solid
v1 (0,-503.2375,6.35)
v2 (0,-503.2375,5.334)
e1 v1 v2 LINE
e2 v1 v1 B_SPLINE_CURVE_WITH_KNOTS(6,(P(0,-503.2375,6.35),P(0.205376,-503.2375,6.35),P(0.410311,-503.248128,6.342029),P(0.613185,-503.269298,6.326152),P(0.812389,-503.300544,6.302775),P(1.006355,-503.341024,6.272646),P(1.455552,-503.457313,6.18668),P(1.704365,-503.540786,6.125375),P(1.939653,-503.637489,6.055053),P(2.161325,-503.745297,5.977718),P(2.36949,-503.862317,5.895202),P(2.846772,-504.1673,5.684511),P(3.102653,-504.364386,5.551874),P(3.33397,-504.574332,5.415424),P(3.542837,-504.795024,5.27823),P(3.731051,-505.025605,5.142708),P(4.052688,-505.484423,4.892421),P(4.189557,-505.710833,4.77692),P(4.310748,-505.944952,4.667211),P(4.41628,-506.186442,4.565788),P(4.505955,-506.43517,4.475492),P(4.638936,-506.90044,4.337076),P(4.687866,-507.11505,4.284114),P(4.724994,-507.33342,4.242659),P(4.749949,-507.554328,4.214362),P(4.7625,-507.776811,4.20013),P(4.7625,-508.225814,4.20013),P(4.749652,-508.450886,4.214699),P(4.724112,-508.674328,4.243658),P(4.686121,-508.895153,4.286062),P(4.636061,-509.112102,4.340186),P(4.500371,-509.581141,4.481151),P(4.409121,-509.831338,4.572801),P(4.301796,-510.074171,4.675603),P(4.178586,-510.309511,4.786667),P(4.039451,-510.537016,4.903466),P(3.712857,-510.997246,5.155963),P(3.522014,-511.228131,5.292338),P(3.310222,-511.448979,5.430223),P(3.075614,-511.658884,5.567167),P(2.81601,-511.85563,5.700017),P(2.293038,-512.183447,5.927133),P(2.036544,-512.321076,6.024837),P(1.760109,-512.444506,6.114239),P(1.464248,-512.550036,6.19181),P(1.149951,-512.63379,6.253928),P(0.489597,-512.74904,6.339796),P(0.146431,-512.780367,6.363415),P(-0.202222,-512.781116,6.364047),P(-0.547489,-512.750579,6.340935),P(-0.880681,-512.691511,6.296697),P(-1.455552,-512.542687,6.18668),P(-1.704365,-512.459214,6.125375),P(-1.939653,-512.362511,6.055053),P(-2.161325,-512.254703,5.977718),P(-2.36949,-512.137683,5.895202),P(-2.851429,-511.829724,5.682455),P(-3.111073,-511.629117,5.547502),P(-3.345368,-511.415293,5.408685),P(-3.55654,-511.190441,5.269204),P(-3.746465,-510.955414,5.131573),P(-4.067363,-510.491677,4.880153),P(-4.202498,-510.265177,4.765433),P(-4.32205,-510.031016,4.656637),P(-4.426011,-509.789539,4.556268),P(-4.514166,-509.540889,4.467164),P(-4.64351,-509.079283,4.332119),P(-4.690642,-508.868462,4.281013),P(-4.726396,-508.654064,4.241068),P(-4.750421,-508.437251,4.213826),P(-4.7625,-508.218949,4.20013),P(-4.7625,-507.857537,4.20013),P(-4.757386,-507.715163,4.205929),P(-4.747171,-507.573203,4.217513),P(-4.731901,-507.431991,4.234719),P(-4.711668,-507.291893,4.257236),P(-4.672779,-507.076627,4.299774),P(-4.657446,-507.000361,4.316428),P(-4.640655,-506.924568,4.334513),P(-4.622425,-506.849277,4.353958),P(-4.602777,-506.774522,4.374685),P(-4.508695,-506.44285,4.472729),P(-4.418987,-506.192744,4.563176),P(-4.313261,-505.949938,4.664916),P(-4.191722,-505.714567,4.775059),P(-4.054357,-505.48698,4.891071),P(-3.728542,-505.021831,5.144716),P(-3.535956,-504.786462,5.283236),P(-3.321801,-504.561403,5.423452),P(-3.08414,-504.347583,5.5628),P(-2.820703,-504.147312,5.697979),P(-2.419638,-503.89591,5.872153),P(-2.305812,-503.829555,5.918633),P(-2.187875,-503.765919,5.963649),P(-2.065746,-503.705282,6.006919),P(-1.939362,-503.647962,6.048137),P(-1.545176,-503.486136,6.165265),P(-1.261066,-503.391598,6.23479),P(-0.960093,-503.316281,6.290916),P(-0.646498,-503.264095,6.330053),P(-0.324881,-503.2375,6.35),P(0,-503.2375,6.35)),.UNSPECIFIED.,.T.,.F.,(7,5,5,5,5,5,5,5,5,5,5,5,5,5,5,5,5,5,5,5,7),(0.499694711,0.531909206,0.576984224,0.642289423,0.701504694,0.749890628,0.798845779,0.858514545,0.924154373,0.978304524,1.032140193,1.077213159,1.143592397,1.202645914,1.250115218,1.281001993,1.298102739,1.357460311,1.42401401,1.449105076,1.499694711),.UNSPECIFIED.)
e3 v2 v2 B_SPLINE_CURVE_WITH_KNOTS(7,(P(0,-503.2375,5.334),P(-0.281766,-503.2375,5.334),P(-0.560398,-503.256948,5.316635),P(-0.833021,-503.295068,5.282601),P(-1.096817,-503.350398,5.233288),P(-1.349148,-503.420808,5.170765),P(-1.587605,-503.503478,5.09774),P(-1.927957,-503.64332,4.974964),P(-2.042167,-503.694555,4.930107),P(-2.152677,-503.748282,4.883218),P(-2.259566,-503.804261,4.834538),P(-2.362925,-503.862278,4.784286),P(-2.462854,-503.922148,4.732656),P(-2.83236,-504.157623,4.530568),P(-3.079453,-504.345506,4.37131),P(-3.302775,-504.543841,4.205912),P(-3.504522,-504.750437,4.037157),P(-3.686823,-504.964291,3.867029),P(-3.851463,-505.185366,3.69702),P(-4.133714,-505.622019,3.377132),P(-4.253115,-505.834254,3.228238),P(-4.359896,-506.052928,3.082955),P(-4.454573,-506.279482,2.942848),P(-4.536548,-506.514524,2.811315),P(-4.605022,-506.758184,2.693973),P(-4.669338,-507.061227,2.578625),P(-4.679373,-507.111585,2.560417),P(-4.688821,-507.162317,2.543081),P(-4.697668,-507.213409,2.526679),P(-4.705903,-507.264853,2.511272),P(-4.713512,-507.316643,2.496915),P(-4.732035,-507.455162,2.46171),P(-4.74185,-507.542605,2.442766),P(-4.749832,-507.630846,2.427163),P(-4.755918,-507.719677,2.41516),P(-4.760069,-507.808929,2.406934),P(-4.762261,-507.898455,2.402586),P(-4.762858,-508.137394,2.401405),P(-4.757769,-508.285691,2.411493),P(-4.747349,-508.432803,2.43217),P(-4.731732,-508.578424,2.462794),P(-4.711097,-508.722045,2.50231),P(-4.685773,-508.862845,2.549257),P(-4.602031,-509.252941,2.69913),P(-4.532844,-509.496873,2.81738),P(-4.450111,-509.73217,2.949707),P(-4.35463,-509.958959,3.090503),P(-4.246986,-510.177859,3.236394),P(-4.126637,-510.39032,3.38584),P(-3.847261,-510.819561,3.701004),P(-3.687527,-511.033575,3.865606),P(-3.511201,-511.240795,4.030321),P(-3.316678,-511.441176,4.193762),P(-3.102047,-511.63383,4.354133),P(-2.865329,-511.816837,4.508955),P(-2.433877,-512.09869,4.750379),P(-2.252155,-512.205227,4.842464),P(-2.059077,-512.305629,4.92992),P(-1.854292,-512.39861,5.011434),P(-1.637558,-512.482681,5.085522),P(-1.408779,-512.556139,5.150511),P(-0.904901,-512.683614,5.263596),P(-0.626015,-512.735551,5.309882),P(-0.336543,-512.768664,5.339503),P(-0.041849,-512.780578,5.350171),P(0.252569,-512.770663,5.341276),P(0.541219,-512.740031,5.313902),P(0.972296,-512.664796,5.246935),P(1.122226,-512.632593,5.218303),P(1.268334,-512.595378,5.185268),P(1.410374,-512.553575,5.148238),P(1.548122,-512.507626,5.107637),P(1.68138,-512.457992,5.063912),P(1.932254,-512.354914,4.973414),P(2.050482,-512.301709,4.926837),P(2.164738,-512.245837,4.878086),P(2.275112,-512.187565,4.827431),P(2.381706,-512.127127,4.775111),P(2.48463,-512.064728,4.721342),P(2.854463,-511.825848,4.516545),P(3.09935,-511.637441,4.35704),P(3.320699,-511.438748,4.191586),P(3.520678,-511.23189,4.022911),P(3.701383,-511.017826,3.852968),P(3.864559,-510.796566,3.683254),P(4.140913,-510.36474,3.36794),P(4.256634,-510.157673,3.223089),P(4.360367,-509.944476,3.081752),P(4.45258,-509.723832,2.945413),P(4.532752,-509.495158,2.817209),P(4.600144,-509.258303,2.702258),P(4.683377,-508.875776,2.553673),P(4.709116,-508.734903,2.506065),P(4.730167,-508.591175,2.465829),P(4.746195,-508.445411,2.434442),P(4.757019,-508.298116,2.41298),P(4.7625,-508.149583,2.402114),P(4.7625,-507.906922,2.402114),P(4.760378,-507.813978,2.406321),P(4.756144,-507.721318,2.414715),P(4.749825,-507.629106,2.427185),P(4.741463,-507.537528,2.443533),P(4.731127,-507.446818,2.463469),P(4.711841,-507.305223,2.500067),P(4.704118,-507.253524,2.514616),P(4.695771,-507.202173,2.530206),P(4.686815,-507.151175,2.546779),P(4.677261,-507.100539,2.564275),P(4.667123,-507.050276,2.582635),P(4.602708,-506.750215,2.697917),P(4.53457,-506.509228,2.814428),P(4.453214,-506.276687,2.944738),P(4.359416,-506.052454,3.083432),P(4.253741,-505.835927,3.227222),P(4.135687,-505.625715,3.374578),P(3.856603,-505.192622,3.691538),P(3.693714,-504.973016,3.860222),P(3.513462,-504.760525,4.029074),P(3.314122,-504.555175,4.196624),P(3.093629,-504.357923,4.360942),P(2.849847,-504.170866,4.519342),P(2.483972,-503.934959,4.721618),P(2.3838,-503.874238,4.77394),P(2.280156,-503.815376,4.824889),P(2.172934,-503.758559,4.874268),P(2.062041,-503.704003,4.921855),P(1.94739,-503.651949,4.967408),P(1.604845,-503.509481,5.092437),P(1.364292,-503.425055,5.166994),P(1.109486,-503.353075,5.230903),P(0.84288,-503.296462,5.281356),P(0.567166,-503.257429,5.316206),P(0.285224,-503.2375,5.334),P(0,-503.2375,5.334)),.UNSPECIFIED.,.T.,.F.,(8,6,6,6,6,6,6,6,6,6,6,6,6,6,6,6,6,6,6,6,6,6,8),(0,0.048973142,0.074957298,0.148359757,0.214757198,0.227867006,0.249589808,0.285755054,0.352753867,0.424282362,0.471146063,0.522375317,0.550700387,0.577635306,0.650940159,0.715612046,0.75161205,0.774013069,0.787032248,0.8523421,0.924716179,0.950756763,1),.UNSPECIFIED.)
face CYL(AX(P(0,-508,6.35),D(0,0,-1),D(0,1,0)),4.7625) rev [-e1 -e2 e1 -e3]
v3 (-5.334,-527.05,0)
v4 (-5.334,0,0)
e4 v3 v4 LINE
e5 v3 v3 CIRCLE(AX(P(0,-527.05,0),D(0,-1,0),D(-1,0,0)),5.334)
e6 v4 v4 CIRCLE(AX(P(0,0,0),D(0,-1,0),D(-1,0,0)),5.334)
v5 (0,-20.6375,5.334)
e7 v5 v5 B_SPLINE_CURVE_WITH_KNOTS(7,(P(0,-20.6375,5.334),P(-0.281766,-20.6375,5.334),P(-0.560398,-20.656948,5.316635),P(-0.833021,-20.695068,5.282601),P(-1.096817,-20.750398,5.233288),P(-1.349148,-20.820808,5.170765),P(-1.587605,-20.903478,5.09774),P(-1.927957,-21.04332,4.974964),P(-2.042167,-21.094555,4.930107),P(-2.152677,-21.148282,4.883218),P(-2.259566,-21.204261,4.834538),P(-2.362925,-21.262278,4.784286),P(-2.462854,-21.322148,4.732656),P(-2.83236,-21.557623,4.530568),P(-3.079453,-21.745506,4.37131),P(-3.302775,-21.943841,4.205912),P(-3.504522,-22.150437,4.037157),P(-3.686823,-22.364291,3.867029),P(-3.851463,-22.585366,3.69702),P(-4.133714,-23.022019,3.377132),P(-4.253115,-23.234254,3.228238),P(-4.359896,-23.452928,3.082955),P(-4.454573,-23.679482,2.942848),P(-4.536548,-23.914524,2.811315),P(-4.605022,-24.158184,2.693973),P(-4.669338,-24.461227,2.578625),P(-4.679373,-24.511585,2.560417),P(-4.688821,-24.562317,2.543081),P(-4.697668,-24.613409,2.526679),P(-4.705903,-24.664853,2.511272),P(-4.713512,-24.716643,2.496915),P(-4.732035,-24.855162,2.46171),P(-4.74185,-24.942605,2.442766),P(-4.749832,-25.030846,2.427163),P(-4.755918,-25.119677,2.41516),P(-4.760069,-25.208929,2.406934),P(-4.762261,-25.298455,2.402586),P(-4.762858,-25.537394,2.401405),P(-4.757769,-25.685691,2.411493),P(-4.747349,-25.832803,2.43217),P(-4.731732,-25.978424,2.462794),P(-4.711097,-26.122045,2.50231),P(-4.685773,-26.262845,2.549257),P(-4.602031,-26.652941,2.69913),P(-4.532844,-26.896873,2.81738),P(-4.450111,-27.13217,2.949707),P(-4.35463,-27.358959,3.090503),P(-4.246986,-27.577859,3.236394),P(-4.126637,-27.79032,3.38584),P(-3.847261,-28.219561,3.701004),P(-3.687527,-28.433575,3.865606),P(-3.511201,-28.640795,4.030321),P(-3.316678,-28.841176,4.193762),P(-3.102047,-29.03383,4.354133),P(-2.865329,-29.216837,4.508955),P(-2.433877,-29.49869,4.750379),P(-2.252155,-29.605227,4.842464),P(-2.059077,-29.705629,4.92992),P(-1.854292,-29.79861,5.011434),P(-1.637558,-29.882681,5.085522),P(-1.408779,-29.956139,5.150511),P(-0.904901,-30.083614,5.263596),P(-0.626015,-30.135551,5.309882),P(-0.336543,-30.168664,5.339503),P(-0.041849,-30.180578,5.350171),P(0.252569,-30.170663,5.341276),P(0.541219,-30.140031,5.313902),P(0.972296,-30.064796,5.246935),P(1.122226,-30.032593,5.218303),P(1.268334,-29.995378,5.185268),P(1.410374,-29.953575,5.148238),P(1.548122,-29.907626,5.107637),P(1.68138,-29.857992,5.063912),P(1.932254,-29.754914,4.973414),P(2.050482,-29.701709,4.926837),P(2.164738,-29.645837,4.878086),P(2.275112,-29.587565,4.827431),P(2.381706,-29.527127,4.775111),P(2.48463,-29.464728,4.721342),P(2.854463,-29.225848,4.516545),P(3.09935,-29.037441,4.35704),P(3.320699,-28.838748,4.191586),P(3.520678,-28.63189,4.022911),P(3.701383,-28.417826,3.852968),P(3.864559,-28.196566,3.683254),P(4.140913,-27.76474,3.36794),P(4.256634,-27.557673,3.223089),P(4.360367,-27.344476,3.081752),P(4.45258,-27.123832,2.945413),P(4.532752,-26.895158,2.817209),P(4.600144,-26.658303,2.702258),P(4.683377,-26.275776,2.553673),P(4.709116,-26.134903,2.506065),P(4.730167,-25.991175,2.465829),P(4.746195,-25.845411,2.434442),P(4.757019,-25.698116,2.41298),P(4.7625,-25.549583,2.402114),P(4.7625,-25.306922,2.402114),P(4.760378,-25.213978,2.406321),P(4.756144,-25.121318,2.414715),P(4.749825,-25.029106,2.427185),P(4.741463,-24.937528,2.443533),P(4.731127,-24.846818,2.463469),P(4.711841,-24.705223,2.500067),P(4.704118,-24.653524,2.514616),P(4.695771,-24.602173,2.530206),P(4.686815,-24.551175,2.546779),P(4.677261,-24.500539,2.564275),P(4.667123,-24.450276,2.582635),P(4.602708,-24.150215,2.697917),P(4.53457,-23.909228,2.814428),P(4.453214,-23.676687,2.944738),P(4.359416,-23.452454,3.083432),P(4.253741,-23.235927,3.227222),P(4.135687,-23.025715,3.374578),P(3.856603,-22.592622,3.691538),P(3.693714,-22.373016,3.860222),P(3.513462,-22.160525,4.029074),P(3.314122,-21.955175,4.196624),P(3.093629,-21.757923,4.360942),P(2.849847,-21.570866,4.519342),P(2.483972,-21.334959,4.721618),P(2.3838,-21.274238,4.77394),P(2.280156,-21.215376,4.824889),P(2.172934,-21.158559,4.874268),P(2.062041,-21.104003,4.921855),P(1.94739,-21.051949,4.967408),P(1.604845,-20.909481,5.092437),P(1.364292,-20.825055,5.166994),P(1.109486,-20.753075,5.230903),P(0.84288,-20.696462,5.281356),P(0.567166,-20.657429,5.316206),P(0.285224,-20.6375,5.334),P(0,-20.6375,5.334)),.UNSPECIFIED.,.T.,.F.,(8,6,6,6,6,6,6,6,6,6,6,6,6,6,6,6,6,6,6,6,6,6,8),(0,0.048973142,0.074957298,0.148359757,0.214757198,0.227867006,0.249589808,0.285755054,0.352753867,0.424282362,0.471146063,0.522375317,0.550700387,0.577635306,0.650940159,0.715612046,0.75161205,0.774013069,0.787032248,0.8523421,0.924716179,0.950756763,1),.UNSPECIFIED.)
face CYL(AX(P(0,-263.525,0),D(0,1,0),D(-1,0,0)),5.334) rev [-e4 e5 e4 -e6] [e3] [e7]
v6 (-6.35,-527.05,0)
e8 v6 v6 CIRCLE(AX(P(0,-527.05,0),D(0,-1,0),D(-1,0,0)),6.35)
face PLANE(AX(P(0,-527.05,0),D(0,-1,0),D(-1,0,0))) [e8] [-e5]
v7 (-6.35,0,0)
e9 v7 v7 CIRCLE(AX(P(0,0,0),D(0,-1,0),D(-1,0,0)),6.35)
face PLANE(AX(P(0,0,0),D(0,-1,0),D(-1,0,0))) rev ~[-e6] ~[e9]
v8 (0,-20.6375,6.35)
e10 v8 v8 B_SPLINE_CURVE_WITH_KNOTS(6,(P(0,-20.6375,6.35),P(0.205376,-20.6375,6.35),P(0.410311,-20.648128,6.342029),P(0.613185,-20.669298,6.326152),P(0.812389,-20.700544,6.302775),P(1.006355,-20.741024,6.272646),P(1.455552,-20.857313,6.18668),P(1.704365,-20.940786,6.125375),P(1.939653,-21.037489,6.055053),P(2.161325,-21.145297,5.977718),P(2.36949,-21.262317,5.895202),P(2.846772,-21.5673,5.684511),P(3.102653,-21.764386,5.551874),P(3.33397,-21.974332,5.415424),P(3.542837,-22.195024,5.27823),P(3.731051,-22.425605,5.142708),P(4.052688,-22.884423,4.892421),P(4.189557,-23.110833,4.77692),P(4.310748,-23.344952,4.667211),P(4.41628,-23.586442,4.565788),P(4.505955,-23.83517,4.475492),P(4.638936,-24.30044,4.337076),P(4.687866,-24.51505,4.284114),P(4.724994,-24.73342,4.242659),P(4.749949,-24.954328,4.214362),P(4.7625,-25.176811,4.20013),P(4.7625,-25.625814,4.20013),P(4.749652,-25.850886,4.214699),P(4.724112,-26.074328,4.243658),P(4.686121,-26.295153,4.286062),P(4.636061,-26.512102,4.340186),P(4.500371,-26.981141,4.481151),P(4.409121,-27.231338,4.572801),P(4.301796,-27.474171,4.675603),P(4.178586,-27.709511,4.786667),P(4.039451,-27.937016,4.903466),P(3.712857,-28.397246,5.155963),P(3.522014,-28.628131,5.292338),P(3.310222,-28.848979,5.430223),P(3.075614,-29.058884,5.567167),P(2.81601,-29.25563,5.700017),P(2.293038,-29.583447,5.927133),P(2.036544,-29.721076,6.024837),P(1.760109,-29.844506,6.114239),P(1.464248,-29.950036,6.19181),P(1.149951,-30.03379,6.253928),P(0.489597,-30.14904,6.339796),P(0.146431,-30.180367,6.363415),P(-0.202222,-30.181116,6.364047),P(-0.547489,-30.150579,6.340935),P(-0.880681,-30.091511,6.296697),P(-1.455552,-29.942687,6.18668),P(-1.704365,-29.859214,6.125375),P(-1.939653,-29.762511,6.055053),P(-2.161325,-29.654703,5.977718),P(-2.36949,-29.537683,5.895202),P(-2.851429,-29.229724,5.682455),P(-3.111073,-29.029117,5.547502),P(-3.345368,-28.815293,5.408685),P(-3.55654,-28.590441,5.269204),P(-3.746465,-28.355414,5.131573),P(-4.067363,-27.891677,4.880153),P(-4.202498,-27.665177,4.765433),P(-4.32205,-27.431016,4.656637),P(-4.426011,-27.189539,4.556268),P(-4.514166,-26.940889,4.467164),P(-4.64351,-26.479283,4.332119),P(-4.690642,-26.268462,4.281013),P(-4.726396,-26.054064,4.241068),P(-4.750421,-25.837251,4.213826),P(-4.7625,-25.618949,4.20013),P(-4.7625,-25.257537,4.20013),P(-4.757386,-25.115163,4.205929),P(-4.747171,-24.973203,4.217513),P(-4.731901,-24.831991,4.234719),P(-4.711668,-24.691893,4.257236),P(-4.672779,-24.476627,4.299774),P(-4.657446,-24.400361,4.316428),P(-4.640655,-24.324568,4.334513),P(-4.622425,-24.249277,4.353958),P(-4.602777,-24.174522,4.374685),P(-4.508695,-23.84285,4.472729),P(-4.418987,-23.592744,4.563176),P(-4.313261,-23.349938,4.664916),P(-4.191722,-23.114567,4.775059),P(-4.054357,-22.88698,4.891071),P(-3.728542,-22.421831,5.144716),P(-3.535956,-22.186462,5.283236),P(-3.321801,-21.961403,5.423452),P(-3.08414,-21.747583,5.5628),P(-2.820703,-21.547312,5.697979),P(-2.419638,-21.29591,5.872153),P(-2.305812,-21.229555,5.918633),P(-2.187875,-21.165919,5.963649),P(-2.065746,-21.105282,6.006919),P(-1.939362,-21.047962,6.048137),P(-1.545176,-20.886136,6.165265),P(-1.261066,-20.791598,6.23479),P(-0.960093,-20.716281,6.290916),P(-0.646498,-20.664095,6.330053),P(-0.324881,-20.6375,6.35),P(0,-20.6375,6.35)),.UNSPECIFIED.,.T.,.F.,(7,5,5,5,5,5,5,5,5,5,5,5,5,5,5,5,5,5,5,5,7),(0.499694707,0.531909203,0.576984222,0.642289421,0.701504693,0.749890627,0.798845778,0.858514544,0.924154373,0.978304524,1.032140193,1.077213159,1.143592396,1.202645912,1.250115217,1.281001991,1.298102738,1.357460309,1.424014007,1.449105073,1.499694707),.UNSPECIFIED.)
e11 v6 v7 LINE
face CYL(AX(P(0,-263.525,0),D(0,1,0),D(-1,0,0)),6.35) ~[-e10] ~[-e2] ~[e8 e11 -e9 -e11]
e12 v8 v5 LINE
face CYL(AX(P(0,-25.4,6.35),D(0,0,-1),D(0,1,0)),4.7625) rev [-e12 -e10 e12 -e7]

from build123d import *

# Parameters (mm, degrees)
SKETCH1_W                             = 1.016
SKETCH1_H                             = 527.05
F_3_8_0_375_DIAMETER_HOLE1_AT_2_COUNT = 2
F_3_8_0_375_DIAMETER_HOLE1_AT_2_PITCH = 482.6


with BuildPart() as part:
    # Sketch1 → Revolve1 (revolve)
    with BuildSketch(Plane.XY):
        with Locations((-5.842, -263.525)):
            Rectangle(SKETCH1_W, SKETCH1_H)
    revolve(axis=Axis((0, 0, 0), (0, -1, 0)))

    # Sketch3 → 3/8 (0.375) Diameter Hole1 (revolve, cut)
    with BuildSketch(Plane(origin=(0, -508, 0), x_dir=(0, 1, 0), z_dir=(1, 0, 0))):
        Polygon((0, 0), (0, 9.211598698), (4.7625, 6.35), (4.7625, 0), align=None)
    f_3_8_0_375_diameter_hole1 = revolve(axis=Axis((0, -508, -6.35), (0, 0, 1)), mode=Mode.SUBTRACT)

    # 3/8 (0.375) Diameter Hole1 at 2: 3/8 (0.375) Diameter Hole1 ×2
    with Locations(*[(0, i * F_3_8_0_375_DIAMETER_HOLE1_AT_2_PITCH, 0) for i in range(1, F_3_8_0_375_DIAMETER_HOLE1_AT_2_COUNT)]):
        add(f_3_8_0_375_diameter_hole1, mode=Mode.SUBTRACT)


solid = part.part
